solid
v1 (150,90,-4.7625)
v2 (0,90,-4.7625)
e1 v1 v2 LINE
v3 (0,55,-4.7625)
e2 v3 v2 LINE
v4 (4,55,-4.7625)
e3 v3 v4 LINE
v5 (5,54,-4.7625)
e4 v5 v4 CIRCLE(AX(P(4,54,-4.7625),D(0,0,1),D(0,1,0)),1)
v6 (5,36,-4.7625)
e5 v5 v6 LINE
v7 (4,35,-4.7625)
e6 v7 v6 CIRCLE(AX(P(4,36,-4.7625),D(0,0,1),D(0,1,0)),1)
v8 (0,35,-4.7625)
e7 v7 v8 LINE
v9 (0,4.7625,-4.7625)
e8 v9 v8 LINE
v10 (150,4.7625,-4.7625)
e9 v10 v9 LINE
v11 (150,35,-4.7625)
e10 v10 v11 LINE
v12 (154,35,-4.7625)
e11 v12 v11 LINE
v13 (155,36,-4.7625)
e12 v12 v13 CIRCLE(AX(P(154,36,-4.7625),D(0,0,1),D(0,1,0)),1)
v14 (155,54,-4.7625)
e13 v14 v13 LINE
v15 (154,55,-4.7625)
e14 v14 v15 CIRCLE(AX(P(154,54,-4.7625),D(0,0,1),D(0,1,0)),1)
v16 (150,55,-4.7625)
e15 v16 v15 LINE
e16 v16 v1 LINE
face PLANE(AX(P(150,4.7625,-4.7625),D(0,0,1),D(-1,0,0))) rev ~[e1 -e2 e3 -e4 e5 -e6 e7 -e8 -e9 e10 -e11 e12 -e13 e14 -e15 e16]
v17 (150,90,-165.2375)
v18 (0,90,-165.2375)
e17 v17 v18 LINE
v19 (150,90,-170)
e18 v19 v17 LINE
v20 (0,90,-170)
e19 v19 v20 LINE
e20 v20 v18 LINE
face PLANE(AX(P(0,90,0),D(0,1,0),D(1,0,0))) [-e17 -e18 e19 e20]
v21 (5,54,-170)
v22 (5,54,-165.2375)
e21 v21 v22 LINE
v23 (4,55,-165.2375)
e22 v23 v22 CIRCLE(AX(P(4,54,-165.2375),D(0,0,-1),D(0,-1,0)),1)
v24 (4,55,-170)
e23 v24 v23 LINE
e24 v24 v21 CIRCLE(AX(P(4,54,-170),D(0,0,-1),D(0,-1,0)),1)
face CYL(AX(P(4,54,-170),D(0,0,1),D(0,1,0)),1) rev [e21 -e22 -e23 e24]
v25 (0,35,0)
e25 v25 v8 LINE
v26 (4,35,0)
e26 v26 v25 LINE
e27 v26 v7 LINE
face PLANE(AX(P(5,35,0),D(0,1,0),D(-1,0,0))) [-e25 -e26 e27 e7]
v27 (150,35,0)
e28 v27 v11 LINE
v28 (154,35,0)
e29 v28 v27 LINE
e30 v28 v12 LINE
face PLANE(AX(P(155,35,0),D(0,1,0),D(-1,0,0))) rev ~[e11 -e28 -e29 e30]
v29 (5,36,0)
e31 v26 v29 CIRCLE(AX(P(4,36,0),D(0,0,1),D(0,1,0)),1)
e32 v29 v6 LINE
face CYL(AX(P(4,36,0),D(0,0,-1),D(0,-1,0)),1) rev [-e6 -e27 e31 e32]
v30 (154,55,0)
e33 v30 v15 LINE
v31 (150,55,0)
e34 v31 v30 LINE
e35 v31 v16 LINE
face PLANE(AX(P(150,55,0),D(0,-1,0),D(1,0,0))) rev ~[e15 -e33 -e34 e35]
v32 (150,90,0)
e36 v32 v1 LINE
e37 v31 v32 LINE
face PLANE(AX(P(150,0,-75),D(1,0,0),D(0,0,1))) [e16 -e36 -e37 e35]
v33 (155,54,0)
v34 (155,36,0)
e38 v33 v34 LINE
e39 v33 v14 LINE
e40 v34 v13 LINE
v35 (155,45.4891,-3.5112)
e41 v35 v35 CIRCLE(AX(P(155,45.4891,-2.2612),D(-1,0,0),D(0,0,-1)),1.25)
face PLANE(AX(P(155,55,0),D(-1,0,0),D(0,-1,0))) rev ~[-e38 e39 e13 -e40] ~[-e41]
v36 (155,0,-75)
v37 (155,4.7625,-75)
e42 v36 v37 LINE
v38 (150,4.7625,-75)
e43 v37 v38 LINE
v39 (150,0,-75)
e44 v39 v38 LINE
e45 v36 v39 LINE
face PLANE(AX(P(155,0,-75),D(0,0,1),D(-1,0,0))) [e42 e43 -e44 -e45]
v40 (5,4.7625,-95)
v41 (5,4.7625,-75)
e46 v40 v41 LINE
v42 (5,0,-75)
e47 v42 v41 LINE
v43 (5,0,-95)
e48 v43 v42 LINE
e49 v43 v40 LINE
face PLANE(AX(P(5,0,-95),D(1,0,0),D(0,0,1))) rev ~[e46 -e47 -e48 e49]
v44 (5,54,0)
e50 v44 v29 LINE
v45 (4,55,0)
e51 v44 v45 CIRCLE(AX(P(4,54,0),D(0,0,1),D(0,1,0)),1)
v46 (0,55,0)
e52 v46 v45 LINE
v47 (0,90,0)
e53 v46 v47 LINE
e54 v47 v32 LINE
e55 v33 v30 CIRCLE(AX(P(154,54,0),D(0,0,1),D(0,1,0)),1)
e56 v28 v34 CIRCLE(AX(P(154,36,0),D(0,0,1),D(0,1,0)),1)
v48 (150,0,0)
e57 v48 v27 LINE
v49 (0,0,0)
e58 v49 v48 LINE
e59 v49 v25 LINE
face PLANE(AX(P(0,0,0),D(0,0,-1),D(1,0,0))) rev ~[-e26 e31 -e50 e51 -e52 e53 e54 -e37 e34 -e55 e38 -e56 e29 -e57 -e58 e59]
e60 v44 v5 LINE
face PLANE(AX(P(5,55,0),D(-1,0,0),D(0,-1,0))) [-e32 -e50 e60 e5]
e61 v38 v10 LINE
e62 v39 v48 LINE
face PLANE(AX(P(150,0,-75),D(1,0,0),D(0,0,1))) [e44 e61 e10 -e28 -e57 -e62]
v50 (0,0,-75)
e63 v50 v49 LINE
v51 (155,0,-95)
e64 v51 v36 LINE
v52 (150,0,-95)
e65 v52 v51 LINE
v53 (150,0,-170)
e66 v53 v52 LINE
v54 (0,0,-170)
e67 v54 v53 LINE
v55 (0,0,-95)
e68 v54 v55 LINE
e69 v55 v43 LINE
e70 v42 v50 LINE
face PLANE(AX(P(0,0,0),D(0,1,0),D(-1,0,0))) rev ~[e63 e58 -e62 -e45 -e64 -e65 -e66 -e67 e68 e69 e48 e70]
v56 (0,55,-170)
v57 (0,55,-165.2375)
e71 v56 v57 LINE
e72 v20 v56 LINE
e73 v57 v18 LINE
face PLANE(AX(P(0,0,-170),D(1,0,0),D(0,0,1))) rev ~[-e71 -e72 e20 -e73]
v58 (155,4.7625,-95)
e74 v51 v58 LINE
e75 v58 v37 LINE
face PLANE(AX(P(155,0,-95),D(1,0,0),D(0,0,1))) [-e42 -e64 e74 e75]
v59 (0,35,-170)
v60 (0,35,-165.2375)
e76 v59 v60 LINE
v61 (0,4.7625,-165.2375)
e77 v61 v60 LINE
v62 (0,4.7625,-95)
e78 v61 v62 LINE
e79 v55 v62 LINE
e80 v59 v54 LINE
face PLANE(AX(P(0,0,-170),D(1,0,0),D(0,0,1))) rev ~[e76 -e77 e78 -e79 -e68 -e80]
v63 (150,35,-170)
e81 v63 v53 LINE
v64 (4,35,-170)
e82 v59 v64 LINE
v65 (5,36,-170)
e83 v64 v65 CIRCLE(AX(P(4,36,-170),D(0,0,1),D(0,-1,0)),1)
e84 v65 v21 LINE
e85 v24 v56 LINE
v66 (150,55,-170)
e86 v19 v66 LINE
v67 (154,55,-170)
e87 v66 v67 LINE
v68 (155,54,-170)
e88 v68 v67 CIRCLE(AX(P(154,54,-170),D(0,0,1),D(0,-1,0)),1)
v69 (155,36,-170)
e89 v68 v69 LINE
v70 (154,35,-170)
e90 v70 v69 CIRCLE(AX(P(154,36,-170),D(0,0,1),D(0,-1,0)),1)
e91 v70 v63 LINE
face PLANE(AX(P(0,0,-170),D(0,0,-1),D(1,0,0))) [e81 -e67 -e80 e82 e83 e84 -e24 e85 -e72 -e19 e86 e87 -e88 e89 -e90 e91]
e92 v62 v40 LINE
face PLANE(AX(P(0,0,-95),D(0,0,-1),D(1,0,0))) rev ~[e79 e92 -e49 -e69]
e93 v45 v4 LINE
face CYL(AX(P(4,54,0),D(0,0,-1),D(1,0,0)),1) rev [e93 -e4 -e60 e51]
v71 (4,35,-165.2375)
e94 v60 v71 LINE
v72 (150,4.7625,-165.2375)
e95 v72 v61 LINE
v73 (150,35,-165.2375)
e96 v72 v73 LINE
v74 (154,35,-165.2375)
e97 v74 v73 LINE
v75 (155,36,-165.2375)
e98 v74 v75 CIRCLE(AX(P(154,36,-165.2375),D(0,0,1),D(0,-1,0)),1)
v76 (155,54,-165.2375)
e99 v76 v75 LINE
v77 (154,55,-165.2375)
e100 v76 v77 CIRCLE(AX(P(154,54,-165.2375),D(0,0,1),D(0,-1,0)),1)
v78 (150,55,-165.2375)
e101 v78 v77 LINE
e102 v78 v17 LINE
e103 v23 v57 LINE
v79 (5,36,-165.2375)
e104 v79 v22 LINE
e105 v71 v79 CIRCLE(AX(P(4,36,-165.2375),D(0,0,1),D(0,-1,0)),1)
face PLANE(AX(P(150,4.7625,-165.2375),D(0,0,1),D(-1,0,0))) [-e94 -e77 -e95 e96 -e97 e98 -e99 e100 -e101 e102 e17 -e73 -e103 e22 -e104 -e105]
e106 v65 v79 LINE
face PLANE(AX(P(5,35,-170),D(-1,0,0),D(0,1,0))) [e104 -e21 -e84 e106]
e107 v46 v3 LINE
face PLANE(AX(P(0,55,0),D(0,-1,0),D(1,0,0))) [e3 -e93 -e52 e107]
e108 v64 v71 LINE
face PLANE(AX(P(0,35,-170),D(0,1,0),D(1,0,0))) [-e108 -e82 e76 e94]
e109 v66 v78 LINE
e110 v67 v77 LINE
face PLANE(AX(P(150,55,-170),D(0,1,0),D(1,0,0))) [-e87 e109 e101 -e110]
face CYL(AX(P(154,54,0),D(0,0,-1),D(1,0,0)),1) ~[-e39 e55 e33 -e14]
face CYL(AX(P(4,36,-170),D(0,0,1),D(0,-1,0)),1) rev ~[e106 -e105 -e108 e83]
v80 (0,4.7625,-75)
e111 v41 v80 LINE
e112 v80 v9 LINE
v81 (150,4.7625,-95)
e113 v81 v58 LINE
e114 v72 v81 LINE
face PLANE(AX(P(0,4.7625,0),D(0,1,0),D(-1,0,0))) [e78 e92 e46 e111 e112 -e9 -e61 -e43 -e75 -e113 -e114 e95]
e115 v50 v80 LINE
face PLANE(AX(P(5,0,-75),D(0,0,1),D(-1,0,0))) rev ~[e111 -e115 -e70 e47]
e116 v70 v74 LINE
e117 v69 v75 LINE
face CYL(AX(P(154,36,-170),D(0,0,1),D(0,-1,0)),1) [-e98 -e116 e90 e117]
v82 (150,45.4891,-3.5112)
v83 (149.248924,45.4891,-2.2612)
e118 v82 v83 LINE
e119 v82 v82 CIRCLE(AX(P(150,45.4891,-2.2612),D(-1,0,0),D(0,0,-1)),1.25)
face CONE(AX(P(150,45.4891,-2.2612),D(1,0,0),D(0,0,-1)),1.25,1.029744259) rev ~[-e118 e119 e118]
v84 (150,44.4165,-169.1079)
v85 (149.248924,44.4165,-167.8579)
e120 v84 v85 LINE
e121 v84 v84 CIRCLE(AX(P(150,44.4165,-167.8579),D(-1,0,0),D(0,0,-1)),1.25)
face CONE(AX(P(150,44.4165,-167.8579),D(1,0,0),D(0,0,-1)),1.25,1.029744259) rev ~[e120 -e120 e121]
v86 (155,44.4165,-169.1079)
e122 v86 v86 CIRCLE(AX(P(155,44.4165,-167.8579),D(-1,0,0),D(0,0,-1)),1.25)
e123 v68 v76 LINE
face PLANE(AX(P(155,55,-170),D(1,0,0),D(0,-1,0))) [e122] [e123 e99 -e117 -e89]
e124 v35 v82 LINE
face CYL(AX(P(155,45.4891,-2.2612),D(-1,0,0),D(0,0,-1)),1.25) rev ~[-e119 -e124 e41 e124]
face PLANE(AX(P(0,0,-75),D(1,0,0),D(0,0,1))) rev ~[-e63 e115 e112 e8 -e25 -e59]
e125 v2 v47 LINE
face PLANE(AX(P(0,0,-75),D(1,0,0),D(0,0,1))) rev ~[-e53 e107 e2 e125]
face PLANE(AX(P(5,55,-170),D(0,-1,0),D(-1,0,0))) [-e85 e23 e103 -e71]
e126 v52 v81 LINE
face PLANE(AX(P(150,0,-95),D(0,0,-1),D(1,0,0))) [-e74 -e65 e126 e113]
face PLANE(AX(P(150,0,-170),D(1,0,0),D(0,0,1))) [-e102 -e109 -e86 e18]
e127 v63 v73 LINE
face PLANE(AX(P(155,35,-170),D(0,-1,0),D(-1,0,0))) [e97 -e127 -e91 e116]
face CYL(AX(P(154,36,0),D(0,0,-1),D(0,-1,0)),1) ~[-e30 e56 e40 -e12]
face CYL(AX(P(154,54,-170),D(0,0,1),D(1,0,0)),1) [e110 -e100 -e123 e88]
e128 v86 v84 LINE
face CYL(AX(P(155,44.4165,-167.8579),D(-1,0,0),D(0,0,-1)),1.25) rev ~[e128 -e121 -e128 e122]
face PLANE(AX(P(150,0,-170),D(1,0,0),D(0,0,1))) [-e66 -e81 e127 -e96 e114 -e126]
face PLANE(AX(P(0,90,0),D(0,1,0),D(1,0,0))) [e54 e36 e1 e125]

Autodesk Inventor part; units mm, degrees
ref_plane "YZ Plane" through (0, 0, 0) normal (1, 0, 0) x (0, 1, 0)
ref_plane "XZ Plane" through (0, 0, 0) normal (0, 1, 0) x (-1, 0, 0)
ref_plane "XY Plane" through (0, 0, 0) normal (0, 0, 1) x (1, 0, 0)
sketch "Sketch1" plane through (0, 0, 0) normal (0, 1, 0) x (-1, 0, 0)
  line L0 (0, 0) -> (-150, 0)
  line L1 (0, -170) -> (-150, -170)
  line L2 (-150, -170) -> (-150, -95)
  line L3 (-150, -95) -> (-155, -95)
  line L4 (-155, -95) -> (-155, -75)
  line L5 (-155, -75) -> (-150, -75)
  line L6 (-150, -75) -> (-150, 0)
  line L7 (0, -170) -> (0, -95)
  line L8 (0, -95) -> (-5, -95)
  line L9 (-5, -95) -> (-5, -75)
  line L10 (-5, -75) -> (0, -75)
  line L11 (0, -75) -> (0, 0)
  dimension "d0" = 150
  dimension "d1" = 170
  dimension "d2" = 5
  dimension "d3" = 5
  dimension "d4" = 75
  dimension "d5" = 75
  dimension "d6" = 20
  dimension "d9" = 0
  dimension "d10" = 75
  dimension "d11" = 5
  dimension "d12" = 75
  dimension "d13" = 20
  dimension "d14" = 150
  dimension "d15" = 0
extrude "Extrusion1" add sketch "Sketch1" along normal blind 4.7625
sketch "Sketch2" plane through (0, 4.7625, 0) normal (0, 1, 0) x (1, 0, 0)
  line L0 (0, 0) -> (150, 0) projected
  line L1 (0, 0) -> (150, 0)
  line L2 (150, 0) -> (150, 4.7625)
  line L3 (150, 0) -> (150, 75) projected
  line L4 (150, 4.7625) -> (0, 4.7625)
  line L5 (0, 75) -> (0, 0) projected
  line L6 (0, 0) -> (0, 4.7625)
  line L7 (150, 170) -> (0, 170) projected
  line L8 (0, 170) -> (150, 170)
  line L9 (150, 170) -> (150, 165.2375)
  line L10 (150, 95) -> (150, 170) projected
  line L11 (150, 165.2375) -> (0, 165.2375)
  line L12 (0, 170) -> (0, 95) projected
  line L13 (0, 170) -> (0, 165.2375)
  dimension "d18" = 4.7625
  dimension "d19" = 4.7625
extrude "Extrusion2" add sketch "Sketch2" along normal blind 85.2375
sketch "Sketch3" plane through (0, 0, 0) normal (0, 0, 1) x (1, 0, 0)
  line L0 (0, 0) -> (0, 90) projected
  line L1 (0, 55) -> (5, 55)
  line L2 (5, 55) -> (5, 35)
  line L3 (5, 35) -> (0, 35)
  line L4 (0, 55) -> (0, 35)
  line L5 (0, 90) -> (150, 90) projected
  line L6 (0, 0) -> (150, 0) projected
  dimension "d22" = 20
  dimension "d23" = 5
  dimension "d24" = 35
  dimension "d25" = 35
extrude "Extrusion3" cut sketch "Sketch3" against normal blind 4.7625
sketch "Sketch4" plane through (150, 0, -170) normal (0, 0, -1) x (-1, 0, 0)
  line L0 (150, 0) -> (150, 90) projected
  line L1 (150, 35) -> (145, 35)
  line L2 (145, 35) -> (145, 55)
  line L3 (145, 55) -> (150, 55)
  line L4 (150, 55) -> (150, 35)
  line L5 (0, 90) -> (150, 90) projected
  line L6 (0, 0) -> (150, 0) projected
  dimension "d28" = 20
  dimension "d29" = 5
  dimension "d30" = 35
  dimension "d31" = 35
extrude "Extrusion4" cut sketch "Sketch4" against normal blind 4.7625
sketch "Sketch5" plane through (0, 0, 0) normal (0, 0, 1) x (1, 0, 0)
  line L0 (150, 0) -> (150, 90) projected
  line L1 (150, 55) -> (155, 55)
  line L2 (155, 55) -> (155, 35)
  line L3 (155, 35) -> (150, 35)
  line L4 (150, 35) -> (150, 55)
  line L5 (0, 0) -> (150, 0) projected
  line L6 (0, 90) -> (150, 90) projected
  dimension "d34" = 20
  dimension "d35" = 5
  dimension "d36" = 35
  dimension "d37" = 35
extrude "Extrusion5" add sketch "Sketch5" against normal blind 4.7625
sketch "Sketch6" plane through (150, 0, -170) normal (0, 0, -1) x (-1, 0, 0)
  line L0 (0, 55) -> (-5, 55) projected
  line L1 (0, 55) -> (-5, 55)
  line L2 (-5, 55) -> (-5, 35)
  line L3 (0, 4.7625) -> (0, 35) projected
  line L4 (-5, 35) -> (0, 35)
  line L5 (0, 35) -> (0, 55)
  point P0 (150, 0)
extrude "Extrusion6" add sketch "Sketch6" against normal blind 4.7625
fillet "Fillet1" radius 1 4 edges at (5, 35, -167.6188) (5, 55, -167.6188) (5, 55, -2.3813) (5, 35, -2.3813)
fillet "Fillet2" radius 1 4 edges at (155, 55, -2.3813) (155, 35, -2.3813) (155, 55, -167.6188) (155, 35, -167.6188)
hole "Hole1" at (155, 45.4891, -2.2612) direction (-1, 0, 0) diameter 2.5 depth 5 tip angle 118
hole "Hole2" at (155, 44.4165, -167.8579) direction (-1, 0, 0) diameter 2.5 depth 5 tip angle 118
properties part number "OpticalDeviceLensPart (1)"
